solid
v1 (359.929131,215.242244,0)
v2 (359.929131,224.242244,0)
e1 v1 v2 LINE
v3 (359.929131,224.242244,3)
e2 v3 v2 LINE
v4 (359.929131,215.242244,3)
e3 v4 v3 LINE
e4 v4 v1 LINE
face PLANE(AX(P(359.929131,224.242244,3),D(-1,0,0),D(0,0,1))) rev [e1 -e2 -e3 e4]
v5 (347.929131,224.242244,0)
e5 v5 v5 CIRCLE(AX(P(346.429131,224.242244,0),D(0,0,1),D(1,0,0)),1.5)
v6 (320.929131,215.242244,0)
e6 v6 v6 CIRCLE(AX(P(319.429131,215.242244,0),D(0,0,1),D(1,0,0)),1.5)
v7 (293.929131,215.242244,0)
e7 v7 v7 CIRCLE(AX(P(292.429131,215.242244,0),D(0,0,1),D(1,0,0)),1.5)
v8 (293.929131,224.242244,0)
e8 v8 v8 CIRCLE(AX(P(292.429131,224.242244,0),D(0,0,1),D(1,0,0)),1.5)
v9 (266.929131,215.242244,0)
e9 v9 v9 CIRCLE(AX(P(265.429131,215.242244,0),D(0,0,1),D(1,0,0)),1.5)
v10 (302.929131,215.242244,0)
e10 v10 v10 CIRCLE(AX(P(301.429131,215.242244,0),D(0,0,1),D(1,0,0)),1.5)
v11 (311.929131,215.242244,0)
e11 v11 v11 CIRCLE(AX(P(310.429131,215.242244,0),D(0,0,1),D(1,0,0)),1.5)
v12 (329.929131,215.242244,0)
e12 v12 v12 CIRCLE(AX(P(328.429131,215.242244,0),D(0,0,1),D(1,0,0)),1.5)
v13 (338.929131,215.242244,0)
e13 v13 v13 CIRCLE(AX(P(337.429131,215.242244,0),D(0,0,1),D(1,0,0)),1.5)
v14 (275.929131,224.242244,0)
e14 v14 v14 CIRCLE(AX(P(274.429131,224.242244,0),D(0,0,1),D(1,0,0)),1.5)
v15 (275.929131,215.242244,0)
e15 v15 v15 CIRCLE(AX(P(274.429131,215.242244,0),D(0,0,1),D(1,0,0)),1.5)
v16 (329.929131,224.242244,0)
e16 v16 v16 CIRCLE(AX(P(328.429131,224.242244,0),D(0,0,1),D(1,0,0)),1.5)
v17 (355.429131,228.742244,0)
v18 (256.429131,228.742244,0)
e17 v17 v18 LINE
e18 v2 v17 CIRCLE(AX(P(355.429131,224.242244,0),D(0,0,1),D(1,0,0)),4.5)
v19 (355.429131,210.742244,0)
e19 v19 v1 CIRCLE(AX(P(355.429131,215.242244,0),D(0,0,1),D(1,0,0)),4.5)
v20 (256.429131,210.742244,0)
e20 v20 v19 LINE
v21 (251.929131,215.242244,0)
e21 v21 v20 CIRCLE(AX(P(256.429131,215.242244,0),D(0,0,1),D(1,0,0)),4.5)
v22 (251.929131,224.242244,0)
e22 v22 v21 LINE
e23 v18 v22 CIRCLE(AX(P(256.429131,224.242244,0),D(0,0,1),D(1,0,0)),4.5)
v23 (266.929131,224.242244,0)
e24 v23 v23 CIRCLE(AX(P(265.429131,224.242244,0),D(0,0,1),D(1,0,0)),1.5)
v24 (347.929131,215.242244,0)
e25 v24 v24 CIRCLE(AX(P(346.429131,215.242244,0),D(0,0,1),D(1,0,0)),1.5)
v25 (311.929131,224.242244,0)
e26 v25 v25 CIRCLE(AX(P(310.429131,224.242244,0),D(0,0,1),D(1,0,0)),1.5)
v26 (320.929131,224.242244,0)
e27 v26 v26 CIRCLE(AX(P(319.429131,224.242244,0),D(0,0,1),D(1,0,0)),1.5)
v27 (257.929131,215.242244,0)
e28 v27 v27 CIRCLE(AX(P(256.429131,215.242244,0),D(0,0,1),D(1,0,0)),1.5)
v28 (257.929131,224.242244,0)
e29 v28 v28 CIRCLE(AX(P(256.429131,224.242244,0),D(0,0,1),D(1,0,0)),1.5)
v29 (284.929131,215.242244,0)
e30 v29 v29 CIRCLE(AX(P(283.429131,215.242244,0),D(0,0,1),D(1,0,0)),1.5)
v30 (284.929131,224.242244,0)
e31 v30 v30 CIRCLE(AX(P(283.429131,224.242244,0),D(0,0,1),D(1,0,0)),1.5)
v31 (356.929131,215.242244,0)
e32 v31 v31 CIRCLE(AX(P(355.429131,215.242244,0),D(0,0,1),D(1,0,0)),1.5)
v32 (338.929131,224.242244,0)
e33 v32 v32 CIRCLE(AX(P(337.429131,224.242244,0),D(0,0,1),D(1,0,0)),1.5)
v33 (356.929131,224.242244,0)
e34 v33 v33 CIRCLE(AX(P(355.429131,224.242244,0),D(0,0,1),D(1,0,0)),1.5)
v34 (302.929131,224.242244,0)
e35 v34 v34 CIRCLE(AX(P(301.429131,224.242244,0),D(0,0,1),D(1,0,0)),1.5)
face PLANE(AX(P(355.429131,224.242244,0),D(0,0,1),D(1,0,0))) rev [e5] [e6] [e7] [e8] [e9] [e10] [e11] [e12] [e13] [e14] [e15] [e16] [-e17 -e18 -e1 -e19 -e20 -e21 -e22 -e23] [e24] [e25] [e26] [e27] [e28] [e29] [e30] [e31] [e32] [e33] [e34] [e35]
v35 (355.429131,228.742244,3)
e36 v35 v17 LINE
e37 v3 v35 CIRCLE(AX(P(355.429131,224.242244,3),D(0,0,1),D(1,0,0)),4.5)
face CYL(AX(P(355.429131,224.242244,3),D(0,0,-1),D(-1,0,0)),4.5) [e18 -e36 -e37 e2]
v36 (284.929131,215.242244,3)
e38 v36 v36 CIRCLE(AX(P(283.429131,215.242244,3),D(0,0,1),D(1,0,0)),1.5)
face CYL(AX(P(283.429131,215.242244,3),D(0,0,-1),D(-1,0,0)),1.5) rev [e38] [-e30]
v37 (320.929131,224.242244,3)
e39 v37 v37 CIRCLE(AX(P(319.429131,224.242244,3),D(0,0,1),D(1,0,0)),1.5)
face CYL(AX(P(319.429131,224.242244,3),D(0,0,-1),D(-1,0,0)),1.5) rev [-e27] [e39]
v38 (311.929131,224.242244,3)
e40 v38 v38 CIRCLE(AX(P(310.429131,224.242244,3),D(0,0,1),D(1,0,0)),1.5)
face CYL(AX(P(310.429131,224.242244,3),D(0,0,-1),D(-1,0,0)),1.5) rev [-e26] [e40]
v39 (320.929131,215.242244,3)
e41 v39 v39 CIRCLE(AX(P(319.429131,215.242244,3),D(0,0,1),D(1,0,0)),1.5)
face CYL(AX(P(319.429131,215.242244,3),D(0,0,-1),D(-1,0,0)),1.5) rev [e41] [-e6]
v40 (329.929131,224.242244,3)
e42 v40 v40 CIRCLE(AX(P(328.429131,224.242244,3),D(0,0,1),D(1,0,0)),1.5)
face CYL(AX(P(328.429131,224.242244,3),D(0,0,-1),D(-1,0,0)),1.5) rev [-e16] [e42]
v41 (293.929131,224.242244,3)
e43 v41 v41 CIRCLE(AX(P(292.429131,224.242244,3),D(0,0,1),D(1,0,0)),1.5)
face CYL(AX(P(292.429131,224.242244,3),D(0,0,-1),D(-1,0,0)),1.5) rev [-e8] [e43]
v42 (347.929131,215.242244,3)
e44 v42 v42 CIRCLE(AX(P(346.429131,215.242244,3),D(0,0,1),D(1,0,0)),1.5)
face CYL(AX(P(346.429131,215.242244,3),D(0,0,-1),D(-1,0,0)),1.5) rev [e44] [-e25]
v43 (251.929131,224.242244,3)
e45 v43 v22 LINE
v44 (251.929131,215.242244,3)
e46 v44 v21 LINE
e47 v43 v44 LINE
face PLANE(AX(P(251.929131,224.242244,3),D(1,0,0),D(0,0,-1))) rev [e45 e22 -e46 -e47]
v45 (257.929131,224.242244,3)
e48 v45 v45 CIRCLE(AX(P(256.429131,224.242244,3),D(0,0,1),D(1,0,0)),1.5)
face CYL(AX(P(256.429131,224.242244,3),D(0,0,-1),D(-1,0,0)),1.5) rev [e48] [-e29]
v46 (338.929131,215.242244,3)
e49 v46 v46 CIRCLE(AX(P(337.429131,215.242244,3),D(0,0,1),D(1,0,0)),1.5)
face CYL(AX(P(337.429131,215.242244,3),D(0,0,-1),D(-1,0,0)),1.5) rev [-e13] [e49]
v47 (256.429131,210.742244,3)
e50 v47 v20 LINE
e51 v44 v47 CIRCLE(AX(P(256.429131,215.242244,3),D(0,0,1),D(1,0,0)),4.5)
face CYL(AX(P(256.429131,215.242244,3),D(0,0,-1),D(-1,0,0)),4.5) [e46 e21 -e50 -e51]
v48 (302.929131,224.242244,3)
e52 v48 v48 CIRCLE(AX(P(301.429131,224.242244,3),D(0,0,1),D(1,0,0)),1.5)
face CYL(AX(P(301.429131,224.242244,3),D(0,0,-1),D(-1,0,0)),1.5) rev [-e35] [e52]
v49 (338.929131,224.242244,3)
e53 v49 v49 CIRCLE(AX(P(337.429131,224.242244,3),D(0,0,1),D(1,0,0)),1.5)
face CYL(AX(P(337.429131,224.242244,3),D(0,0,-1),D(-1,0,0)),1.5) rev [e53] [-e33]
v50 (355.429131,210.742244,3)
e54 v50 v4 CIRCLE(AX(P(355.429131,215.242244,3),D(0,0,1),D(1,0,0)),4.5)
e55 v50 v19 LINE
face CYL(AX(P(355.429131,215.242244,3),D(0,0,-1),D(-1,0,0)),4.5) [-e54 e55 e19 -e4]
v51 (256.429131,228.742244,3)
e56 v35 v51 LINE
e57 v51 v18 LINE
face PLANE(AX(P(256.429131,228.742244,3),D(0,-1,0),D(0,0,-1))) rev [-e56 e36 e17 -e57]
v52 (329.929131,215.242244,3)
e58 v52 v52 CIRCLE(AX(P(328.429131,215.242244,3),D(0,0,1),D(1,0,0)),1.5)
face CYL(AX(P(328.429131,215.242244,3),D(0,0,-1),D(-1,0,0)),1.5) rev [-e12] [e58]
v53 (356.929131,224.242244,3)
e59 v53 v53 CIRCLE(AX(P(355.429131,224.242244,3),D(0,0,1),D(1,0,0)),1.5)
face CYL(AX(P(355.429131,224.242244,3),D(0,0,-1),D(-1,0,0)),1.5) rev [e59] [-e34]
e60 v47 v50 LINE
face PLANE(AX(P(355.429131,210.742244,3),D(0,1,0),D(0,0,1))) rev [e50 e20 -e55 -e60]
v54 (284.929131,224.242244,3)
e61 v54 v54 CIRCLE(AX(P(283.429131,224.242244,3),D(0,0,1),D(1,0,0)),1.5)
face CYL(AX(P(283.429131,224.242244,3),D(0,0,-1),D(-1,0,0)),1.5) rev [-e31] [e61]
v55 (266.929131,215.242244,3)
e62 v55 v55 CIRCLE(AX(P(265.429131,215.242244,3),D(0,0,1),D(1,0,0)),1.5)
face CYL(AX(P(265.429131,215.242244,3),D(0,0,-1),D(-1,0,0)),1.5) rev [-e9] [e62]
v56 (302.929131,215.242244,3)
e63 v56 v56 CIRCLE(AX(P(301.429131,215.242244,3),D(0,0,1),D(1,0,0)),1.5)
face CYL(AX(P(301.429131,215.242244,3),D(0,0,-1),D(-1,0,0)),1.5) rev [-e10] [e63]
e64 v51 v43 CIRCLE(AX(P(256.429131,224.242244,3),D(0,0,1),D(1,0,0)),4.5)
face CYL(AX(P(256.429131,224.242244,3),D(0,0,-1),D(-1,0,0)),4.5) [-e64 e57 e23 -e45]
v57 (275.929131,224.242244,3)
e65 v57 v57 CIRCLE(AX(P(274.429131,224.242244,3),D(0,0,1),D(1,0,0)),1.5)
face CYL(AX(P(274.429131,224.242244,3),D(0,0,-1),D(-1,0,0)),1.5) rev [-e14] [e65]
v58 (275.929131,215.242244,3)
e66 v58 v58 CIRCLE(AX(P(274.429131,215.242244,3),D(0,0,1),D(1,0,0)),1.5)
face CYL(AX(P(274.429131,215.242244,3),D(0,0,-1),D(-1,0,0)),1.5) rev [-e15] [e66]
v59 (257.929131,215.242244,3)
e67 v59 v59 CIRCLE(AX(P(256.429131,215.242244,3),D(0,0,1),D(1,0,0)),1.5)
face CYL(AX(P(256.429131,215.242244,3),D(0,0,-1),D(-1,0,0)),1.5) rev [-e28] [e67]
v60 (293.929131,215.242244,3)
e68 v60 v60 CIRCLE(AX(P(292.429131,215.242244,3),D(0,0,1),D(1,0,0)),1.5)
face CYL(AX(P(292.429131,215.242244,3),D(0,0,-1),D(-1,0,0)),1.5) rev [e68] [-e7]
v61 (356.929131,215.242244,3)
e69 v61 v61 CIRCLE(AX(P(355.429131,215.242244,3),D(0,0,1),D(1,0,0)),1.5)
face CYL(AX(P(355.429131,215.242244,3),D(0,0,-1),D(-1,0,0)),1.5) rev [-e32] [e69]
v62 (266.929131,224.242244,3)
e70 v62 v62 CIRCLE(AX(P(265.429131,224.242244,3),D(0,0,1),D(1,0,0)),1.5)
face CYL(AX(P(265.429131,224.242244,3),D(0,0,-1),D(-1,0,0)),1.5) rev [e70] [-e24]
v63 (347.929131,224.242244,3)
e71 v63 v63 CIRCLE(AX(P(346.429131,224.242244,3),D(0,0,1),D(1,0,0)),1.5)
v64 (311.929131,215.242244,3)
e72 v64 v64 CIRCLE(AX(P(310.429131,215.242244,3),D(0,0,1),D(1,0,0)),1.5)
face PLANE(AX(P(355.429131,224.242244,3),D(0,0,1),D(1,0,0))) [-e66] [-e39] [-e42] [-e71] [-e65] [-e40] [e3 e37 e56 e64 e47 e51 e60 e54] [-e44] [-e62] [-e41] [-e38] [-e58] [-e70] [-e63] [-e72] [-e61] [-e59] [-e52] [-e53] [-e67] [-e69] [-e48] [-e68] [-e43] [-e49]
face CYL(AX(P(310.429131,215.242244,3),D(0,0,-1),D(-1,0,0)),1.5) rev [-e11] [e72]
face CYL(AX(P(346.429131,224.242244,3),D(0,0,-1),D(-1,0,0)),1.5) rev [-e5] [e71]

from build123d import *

# Parameters (mm, degrees)
MODEL_R                 = 1.5
SALIENTE_EXTRUIR1_DEPTH = 3


with BuildPart() as part:
    # Model → Saliente-Extruir1 (new body)
    with BuildSketch(Plane.XY):
        with BuildLine():
            Line((256.429131311, 228.742243614), (355.429131311, 228.742243614))
            ThreePointArc((355.429131311, 228.742243614), (358.611111826, 227.424224129), (359.929131311, 224.242243614))
            Line((359.929131311, 224.242243614), (359.929131311, 215.242243614))
            ThreePointArc((359.929131311, 215.242243614), (358.611111826, 212.060263099), (355.429131311, 210.742243614))
            Line((355.429131311, 210.742243614), (256.429131311, 210.742243614))
            ThreePointArc((256.429131311, 210.742243614), (253.247150795, 212.060263099), (251.929131311, 215.242243614))
            Line((251.929131311, 215.242243614), (251.929131311, 224.242243614))
            ThreePointArc((251.929131311, 224.242243614), (253.247150795, 227.424224129), (256.429131311, 228.742243614))
        make_face()
        with Locations((310.429131311, 224.242243614)):
            Circle(MODEL_R, mode=Mode.SUBTRACT)
        with Locations((292.429131311, 224.242243614)):
            Circle(MODEL_R, mode=Mode.SUBTRACT)
        with Locations((301.429131311, 224.242243614)):
            Circle(MODEL_R, mode=Mode.SUBTRACT)
        with Locations((337.429131311, 215.242243614)):
            Circle(MODEL_R, mode=Mode.SUBTRACT)
        with Locations((319.429131311, 215.242243614)):
            Circle(MODEL_R, mode=Mode.SUBTRACT)
        with Locations((328.429131311, 215.242243614)):
            Circle(MODEL_R, mode=Mode.SUBTRACT)
        with Locations((310.429131311, 215.242243614)):
            Circle(MODEL_R, mode=Mode.SUBTRACT)
        with Locations((292.429131311, 215.242243614)):
            Circle(MODEL_R, mode=Mode.SUBTRACT)
        with Locations((301.429131311, 215.242243614)):
            Circle(MODEL_R, mode=Mode.SUBTRACT)
        with Locations((274.429131311, 215.242243614)):
            Circle(MODEL_R, mode=Mode.SUBTRACT)
        with Locations((283.429131311, 215.242243614)):
            Circle(MODEL_R, mode=Mode.SUBTRACT)
        with Locations((265.429131311, 215.242243614)):
            Circle(MODEL_R, mode=Mode.SUBTRACT)
        with Locations((256.429131311, 215.242243614)):
            Circle(MODEL_R, mode=Mode.SUBTRACT)
        with Locations((346.429131311, 215.242243614)):
            Circle(MODEL_R, mode=Mode.SUBTRACT)
        with Locations((274.429131311, 224.242243614)):
            Circle(MODEL_R, mode=Mode.SUBTRACT)
        with Locations((265.429131311, 224.242243614)):
            Circle(MODEL_R, mode=Mode.SUBTRACT)
        with Locations((256.429131311, 224.242243614)):
            Circle(MODEL_R, mode=Mode.SUBTRACT)
        with Locations((283.429131311, 224.242243614)):
            Circle(MODEL_R, mode=Mode.SUBTRACT)
        with Locations((337.429131311, 224.242243614)):
            Circle(MODEL_R, mode=Mode.SUBTRACT)
        with Locations((319.429131311, 224.242243614)):
            Circle(MODEL_R, mode=Mode.SUBTRACT)
        with Locations((328.429131311, 224.242243614)):
            Circle(MODEL_R, mode=Mode.SUBTRACT)
        with Locations((346.429131311, 224.242243614)):
            Circle(MODEL_R, mode=Mode.SUBTRACT)
        with Locations((355.429131311, 215.242243614)):
            Circle(MODEL_R, mode=Mode.SUBTRACT)
        with Locations((355.429131311, 224.242243614)):
            Circle(MODEL_R, mode=Mode.SUBTRACT)
    extrude(amount=SALIENTE_EXTRUIR1_DEPTH)


solid = part.part
